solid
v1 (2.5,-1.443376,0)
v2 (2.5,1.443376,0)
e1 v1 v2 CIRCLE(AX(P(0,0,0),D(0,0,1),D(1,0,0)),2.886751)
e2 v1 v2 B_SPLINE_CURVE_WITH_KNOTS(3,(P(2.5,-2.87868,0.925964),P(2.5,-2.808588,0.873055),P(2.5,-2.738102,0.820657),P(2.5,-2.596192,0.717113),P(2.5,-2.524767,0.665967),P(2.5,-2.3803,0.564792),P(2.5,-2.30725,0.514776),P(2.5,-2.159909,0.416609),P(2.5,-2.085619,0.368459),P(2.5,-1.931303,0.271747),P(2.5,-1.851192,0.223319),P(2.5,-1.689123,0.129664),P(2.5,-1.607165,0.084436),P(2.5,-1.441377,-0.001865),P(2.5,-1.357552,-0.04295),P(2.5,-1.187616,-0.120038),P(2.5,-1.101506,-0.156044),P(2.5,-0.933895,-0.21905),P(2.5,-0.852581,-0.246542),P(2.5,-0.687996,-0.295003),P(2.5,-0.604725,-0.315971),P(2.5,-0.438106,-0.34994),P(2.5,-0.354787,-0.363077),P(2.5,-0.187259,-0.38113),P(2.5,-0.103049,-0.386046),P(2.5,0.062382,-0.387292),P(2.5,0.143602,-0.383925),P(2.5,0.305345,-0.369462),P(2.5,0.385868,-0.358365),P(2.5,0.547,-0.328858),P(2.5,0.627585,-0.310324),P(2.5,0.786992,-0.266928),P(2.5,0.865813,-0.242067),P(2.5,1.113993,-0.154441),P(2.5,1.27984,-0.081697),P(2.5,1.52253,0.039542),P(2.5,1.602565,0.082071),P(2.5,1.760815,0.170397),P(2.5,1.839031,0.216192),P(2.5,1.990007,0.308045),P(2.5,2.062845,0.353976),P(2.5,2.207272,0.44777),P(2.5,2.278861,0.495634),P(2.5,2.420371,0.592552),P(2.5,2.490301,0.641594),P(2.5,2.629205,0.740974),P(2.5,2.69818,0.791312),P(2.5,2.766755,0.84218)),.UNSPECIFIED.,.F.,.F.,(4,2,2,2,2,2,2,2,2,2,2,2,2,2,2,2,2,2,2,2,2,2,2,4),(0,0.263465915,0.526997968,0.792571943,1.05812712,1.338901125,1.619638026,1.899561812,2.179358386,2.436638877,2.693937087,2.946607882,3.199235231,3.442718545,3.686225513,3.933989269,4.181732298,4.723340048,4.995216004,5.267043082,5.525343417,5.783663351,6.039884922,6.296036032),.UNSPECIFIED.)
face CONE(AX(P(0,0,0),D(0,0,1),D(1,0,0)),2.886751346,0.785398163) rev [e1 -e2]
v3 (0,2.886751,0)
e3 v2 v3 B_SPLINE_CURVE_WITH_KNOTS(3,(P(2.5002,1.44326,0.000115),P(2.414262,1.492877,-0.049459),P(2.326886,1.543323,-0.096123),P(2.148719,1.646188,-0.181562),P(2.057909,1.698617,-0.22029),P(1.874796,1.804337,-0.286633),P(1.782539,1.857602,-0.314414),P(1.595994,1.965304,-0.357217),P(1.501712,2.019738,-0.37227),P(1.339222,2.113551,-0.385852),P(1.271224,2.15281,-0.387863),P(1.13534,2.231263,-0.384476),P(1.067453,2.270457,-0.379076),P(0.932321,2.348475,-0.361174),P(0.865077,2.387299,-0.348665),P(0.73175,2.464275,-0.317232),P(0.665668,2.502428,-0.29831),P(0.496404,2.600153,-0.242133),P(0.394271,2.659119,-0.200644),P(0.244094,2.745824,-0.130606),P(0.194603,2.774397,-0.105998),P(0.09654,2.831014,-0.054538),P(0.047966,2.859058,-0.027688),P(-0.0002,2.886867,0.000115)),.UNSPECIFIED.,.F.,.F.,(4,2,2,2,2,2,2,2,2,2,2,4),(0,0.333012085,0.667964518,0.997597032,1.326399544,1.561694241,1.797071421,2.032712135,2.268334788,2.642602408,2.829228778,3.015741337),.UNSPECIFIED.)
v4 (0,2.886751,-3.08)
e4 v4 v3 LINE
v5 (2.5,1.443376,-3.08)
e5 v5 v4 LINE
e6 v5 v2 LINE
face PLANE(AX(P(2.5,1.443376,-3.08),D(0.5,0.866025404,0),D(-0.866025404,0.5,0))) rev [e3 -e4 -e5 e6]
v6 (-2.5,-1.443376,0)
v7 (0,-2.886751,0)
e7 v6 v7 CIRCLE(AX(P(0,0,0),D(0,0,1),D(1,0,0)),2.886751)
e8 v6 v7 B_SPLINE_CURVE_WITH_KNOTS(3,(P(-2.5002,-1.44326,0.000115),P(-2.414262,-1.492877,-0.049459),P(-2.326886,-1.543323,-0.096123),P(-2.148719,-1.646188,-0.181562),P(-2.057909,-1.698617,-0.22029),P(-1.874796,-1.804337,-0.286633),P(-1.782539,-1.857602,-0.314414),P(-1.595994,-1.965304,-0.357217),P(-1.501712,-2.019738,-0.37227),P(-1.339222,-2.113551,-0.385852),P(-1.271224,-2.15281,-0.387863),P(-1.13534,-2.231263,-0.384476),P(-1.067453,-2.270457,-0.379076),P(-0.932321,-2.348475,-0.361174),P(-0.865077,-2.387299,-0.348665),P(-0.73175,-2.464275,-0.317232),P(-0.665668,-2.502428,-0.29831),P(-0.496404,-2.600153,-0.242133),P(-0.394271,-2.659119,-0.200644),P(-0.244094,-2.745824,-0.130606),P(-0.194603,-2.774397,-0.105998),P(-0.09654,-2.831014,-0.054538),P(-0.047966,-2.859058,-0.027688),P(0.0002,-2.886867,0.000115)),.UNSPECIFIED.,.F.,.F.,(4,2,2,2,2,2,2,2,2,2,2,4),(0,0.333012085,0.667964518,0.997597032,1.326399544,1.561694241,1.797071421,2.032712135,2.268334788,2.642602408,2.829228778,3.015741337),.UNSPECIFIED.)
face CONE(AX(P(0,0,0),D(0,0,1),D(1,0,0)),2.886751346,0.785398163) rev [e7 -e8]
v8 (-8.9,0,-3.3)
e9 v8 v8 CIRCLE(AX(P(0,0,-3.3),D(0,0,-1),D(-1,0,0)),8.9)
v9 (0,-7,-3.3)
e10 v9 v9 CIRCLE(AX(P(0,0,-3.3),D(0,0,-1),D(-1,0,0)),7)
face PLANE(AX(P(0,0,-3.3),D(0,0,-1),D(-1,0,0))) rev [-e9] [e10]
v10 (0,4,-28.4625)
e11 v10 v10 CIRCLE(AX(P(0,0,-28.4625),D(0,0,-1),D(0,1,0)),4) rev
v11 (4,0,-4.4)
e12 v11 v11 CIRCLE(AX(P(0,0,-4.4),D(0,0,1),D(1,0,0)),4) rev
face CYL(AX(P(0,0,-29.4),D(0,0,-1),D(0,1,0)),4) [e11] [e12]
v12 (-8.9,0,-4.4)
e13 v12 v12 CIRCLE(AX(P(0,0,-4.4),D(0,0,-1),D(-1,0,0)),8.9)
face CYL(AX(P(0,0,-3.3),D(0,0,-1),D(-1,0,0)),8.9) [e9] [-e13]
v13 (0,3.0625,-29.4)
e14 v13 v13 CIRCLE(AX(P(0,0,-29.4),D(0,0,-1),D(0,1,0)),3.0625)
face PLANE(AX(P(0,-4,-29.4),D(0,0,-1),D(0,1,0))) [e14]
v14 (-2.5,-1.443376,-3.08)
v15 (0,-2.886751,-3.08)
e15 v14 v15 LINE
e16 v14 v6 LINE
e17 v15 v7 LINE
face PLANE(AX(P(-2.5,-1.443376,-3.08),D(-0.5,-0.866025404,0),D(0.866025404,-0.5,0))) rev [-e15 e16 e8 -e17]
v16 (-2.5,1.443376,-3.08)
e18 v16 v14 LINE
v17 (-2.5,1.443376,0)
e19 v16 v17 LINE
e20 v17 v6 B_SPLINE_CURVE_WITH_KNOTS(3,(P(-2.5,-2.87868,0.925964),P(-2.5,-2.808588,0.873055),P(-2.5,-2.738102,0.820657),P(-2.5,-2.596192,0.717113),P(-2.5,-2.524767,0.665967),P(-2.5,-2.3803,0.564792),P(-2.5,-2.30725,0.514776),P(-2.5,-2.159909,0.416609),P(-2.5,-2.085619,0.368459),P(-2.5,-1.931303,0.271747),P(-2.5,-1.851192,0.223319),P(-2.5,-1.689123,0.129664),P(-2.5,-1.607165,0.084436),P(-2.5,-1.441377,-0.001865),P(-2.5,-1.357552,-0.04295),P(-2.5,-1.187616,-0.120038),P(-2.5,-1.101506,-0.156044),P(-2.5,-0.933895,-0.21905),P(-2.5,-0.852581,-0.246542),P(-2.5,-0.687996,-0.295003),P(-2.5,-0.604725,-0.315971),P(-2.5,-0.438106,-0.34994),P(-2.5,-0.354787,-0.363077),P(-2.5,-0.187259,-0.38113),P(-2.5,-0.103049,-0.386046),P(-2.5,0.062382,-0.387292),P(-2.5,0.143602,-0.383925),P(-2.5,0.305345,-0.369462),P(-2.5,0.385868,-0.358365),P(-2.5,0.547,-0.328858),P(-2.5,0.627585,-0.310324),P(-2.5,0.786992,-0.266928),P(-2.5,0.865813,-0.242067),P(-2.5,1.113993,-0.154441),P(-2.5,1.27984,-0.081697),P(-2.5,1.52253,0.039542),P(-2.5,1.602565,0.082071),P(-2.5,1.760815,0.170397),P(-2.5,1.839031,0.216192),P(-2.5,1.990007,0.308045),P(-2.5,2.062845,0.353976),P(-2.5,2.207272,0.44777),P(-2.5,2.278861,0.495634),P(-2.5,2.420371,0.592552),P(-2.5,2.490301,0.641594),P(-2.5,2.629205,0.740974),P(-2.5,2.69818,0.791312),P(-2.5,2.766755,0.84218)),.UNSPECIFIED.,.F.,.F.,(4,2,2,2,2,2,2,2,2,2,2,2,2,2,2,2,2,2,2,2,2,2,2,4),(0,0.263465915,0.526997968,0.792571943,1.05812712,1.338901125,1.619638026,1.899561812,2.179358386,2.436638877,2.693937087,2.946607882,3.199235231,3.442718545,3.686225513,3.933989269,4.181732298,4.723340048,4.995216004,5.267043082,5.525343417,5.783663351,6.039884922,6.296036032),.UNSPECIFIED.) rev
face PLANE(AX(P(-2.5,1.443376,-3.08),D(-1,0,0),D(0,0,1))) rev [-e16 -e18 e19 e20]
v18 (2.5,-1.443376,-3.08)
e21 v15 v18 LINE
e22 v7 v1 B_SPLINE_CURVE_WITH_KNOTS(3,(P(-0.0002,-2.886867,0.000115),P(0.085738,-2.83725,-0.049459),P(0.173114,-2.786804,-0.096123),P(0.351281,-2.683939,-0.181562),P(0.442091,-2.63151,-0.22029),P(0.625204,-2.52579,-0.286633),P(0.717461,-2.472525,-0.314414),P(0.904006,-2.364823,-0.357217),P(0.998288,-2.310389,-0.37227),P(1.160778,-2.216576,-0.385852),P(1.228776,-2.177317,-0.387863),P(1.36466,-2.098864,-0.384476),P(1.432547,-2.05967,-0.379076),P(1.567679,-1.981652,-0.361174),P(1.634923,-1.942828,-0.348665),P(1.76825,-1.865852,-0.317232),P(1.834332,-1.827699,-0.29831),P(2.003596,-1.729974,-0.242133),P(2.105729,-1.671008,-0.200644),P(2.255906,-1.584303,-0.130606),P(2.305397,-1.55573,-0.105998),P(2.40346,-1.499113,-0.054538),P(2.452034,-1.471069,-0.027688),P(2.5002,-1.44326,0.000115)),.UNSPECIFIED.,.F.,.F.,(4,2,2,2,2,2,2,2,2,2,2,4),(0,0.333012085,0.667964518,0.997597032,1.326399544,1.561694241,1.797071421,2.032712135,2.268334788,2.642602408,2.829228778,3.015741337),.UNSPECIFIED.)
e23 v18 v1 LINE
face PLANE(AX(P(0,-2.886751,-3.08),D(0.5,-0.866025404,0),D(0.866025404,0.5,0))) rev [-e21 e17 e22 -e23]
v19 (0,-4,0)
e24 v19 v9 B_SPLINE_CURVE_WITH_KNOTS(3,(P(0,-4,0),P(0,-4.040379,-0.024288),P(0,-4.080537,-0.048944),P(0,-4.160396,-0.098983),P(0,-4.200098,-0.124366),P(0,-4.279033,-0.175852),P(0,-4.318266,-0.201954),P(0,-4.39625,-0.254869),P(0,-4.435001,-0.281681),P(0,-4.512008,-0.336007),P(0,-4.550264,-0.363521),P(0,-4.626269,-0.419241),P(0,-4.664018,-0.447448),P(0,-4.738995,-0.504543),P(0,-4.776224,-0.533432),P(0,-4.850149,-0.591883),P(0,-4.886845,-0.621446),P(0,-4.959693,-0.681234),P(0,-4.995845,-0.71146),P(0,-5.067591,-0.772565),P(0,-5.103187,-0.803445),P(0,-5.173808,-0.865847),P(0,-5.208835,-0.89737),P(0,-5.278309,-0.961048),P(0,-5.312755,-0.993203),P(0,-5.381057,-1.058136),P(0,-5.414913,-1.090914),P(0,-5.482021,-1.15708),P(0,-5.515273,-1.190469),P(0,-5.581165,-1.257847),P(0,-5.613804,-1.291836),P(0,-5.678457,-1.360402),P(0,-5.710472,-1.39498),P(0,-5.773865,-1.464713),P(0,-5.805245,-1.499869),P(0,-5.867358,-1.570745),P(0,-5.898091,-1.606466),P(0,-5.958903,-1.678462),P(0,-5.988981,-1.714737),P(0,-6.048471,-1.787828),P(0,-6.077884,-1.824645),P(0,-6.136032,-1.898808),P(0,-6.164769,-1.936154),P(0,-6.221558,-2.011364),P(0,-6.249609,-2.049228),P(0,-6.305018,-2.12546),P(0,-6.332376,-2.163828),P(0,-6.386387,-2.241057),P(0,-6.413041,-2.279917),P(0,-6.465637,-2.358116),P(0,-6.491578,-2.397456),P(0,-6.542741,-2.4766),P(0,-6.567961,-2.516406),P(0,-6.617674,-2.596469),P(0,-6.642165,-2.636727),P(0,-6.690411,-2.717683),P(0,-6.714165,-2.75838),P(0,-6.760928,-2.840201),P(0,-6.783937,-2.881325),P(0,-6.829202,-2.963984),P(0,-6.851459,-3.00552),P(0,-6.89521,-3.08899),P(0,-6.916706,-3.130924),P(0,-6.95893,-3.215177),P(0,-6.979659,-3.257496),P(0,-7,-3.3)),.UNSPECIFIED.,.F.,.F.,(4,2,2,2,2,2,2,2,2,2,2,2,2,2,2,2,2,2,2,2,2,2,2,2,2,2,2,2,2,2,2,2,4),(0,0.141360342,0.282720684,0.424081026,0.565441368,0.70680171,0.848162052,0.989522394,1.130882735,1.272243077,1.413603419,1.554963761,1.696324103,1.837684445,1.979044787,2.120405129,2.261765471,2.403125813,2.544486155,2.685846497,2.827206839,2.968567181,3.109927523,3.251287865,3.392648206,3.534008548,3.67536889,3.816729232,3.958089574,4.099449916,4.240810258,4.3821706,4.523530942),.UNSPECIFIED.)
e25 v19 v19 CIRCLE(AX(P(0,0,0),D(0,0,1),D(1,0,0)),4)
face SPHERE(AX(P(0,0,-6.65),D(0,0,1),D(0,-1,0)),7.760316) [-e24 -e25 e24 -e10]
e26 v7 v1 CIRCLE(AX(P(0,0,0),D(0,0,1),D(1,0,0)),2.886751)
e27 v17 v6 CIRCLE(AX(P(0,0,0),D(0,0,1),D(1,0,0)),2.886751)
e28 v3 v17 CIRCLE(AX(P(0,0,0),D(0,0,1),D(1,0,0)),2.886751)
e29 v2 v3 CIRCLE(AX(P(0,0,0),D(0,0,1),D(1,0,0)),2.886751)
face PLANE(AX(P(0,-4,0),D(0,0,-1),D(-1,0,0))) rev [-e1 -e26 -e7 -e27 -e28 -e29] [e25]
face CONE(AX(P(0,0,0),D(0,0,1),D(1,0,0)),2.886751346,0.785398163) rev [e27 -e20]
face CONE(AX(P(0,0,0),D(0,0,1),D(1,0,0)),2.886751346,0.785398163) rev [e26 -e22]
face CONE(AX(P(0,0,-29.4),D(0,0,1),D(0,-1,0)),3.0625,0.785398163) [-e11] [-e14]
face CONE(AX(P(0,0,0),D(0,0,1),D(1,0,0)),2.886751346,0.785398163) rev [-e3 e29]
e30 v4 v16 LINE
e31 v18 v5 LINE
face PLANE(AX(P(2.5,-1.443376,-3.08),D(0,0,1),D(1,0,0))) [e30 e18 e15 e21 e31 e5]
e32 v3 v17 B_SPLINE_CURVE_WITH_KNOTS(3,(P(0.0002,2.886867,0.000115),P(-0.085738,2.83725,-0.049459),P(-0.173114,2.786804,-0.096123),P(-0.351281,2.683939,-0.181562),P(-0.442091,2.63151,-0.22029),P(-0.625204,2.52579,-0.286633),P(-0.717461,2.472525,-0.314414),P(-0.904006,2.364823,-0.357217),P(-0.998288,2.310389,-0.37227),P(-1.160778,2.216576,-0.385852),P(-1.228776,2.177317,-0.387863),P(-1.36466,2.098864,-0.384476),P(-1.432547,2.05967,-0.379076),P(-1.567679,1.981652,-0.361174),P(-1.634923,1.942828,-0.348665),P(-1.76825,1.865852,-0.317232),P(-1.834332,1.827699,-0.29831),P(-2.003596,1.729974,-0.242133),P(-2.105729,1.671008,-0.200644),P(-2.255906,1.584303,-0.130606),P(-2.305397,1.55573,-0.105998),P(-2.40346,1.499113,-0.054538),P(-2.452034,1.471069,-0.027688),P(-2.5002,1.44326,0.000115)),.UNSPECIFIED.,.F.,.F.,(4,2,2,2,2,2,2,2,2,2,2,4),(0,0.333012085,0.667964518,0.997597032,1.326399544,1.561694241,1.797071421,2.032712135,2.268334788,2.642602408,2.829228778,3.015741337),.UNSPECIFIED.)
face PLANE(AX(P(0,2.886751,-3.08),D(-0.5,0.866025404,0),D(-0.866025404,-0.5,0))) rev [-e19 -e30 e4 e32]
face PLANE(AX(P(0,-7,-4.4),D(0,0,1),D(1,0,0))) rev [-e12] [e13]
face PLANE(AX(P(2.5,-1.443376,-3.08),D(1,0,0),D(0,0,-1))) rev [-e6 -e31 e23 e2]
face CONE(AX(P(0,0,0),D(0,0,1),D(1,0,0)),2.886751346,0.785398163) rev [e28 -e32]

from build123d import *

# Parameters (mm, degrees)
SKETCH1_W           = 25
SKETCH1_H           = 4
CHAMFER1_SIZE       = 0.9375
SKETCH11_R          = 8.9
BOSS_EXTRUDE3_DEPTH = 1.1
CUT_EXTRUDE2_DEPTH  = 3.08


with BuildPart() as part:
    # Sketch1 → Revolve1 (revolve)
    with BuildSketch(Plane(origin=(0, 0, 0), x_dir=(0, 0, -1), z_dir=(1, 0, 0))):
        with Locations((16.9, 2)):
            Rectangle(SKETCH1_W, SKETCH1_H)
    revolve(axis=Axis((0, 0, -29.4), (0, 0, 1)))

    # Chamfer1
    chamfer1_edges = [part.edges().sort_by_distance(p)[0] for p in [
        (0, -4, -29.4),
    ]]
    chamfer(chamfer1_edges, length=CHAMFER1_SIZE)

    # Sketch7 → Revolve2 (revolve)
    with BuildSketch(Plane(origin=(0, 0, 0), x_dir=(0, 0, -1), z_dir=(1, 0, 0)), mode=Mode.PRIVATE) as revolve2_sk:
        with BuildLine():
            Line((3.3, 7), (4.4, 7))
            Line((4.4, 7), (4.4, 0))
            Line((4.4, 0), (0, 0))
            Line((0, 0), (0, 4))
            ThreePointArc((0, 4), (1.429846746, 5.74216858), (3.3, 7))
        make_face()
    revolve(revolve2_sk.sketch.rotate(Axis((0, 0, 0), (0, 0, -1)), 180), axis=Axis((0, 0, 0), (0, 0, -1)))

    # Sketch11 → Boss-Extrude3 (add)
    with BuildSketch(Plane(origin=(0, 0, -4.4), x_dir=(-1, 0, 0), z_dir=(0, 0, -1))):
        Circle(SKETCH11_R)
    extrude(amount=-BOSS_EXTRUDE3_DEPTH)

    # Sketch5 → Cut-Extrude2 (cut)
    with BuildSketch(Plane.XY):
        Polygon((2.5, -1.443375673), (2.5, 1.443375673), (0, 2.886751346), (-2.5, 1.443375673), (-2.5, -1.443375673), (0, -2.886751346), align=None)
    extrude(amount=-CUT_EXTRUDE2_DEPTH, mode=Mode.SUBTRACT)

    # Cut-Extrude3 cone 1 section (through the dimple's axis) → Cut-Extrude3 (revolve, cut)
    with BuildSketch(Plane(origin=(0, 0, 0), x_dir=(0, -1, 0), z_dir=(1, 0, 0))):
        Polygon((0, 0), (2.886751346, 0), (0, 2.886751346), align=None)
    revolve(axis=Axis((0, 0, 0), (0, 0, -1)), mode=Mode.SUBTRACT)


solid = part.part
